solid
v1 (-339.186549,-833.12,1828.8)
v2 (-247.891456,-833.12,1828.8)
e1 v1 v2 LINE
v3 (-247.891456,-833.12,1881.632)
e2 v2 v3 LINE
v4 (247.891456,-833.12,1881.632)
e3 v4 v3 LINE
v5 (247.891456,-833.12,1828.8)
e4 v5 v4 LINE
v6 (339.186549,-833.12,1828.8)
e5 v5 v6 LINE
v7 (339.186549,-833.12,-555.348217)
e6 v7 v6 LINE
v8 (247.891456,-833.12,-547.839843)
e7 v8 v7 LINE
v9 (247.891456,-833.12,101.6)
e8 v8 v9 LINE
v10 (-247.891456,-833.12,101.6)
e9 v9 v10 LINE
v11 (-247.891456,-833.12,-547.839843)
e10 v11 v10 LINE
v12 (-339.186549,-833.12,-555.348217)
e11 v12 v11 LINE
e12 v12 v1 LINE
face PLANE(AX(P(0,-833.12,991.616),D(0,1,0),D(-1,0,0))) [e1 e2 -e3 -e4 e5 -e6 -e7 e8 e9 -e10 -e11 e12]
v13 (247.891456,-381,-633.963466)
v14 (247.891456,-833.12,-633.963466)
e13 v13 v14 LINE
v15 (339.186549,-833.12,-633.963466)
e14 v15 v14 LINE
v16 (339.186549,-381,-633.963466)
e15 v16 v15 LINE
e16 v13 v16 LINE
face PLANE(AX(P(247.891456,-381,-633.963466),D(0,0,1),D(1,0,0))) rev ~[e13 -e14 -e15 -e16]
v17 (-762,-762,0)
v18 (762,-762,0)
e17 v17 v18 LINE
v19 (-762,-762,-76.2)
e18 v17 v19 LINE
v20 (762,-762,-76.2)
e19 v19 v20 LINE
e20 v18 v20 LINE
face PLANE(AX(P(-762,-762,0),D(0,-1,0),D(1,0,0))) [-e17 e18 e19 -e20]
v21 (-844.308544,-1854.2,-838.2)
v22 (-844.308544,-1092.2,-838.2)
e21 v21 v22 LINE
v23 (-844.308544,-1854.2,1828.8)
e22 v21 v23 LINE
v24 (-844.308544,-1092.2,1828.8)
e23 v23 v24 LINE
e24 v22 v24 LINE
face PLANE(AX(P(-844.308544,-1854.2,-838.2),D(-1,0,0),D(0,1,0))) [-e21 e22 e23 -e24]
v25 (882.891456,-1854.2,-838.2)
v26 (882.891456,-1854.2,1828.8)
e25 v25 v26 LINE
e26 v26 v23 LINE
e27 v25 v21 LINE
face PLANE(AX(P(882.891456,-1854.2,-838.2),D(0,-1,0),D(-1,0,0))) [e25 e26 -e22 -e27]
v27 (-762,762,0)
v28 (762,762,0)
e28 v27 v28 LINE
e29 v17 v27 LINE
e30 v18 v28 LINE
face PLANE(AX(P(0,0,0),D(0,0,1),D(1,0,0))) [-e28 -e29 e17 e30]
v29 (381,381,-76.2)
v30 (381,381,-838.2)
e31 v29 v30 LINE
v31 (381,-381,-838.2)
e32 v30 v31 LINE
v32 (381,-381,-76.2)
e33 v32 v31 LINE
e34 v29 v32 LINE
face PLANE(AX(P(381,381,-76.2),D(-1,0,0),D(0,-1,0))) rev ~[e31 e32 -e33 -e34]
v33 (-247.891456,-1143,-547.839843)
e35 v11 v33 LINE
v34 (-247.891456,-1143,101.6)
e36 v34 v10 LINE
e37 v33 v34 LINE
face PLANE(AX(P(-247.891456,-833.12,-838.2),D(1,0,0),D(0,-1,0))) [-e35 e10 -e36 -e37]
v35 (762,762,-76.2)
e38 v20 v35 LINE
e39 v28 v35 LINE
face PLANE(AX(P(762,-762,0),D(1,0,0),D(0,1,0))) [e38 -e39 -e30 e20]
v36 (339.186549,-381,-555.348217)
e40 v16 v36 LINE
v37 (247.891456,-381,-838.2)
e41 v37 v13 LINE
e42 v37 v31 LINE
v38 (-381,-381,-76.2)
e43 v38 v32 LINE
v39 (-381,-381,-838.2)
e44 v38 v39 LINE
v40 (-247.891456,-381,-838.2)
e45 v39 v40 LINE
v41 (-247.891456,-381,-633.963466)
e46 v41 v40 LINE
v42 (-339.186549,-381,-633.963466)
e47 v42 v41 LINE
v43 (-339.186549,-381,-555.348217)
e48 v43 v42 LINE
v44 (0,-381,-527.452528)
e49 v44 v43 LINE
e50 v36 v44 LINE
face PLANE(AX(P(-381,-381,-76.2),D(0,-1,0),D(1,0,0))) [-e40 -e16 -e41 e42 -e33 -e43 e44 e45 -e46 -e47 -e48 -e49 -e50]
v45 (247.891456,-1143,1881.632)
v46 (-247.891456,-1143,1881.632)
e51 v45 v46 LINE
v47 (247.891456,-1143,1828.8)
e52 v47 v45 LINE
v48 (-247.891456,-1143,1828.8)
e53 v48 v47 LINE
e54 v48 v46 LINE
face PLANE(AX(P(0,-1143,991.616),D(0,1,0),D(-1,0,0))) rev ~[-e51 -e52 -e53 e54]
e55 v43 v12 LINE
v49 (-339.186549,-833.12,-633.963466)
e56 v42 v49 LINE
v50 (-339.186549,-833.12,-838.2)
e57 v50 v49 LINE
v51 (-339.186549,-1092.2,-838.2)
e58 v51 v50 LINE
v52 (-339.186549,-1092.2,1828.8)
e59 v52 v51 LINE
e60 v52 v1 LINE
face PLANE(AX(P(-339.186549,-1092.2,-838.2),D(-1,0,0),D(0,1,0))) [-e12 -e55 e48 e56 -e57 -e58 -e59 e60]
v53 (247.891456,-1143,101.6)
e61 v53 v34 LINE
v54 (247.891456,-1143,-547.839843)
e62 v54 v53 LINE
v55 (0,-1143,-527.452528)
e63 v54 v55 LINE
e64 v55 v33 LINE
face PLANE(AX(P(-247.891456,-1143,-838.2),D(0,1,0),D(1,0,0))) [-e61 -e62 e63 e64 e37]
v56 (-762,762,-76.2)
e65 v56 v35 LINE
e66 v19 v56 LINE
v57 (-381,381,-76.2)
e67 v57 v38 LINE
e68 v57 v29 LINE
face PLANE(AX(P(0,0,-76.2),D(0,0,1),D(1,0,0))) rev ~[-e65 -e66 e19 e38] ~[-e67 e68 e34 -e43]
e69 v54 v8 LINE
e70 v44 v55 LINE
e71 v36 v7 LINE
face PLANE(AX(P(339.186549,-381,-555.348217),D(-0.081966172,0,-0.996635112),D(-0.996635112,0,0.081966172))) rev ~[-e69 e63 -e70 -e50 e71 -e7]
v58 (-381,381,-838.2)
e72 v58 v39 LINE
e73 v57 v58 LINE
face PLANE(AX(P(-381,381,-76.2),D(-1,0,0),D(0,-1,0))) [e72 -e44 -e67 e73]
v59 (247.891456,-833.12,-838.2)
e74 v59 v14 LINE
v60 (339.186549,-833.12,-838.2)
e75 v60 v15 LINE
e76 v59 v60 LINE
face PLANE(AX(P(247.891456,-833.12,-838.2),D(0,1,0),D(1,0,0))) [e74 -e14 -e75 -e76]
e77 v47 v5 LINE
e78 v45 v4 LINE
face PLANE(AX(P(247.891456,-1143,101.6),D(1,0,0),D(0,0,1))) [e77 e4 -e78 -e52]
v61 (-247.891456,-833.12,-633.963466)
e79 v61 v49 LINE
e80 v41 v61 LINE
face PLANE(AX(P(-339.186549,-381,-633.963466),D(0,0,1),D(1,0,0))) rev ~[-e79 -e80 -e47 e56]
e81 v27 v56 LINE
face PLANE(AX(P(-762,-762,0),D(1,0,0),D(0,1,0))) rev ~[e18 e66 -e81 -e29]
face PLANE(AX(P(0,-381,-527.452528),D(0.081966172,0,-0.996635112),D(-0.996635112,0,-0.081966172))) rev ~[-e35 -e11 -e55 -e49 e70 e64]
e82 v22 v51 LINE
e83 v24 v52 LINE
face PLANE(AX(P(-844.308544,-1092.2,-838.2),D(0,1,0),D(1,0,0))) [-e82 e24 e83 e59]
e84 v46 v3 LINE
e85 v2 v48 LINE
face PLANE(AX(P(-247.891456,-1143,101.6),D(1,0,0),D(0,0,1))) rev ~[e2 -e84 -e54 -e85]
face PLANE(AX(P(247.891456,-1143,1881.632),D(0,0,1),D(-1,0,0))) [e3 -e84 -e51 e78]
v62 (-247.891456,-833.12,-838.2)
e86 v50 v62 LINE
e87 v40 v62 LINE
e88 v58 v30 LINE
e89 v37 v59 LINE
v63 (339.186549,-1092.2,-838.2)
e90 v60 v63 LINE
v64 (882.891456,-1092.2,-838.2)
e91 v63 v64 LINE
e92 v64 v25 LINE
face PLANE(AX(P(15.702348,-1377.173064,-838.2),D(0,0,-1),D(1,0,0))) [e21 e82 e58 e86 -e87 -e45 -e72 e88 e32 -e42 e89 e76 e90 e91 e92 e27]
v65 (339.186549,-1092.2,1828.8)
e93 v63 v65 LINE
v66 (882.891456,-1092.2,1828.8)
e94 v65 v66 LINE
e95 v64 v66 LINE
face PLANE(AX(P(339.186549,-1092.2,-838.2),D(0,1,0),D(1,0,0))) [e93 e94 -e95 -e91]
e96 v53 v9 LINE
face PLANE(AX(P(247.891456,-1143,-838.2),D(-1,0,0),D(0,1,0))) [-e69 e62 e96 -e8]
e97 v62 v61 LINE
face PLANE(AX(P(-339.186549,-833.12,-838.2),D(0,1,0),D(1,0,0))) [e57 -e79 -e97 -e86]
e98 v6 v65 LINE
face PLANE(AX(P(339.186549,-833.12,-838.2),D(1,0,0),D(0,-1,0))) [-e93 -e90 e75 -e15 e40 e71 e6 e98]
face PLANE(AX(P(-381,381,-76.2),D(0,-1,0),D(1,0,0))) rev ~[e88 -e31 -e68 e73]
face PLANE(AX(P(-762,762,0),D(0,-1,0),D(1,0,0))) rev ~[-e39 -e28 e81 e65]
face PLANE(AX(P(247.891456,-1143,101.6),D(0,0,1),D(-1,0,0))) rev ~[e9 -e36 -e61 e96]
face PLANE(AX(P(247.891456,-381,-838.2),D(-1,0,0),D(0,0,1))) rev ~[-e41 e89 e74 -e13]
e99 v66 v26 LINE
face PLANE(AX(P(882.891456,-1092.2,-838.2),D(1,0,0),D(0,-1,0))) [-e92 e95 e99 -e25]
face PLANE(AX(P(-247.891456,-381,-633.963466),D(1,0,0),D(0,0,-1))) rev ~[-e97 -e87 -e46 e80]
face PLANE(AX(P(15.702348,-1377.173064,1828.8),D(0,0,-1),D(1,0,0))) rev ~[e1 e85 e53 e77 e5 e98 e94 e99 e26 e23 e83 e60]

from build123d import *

# Parameters (mm, degrees)
F0_W     = 1524
F0_H     = 1524
F1_DEPTH = 76.2
F2_W     = 762
F2_H     = 762
F3_DEPTH = 762
F5_DEPTH = 762
F7_DEPTH = 2667
F8_W     = 495.782912
F8_H     = 1780.032
F9_DEPTH = 309.88


with BuildPart() as f1:
    # F0 (on Top) → F1 (new body)
    with BuildSketch(Plane.XY):
        Rectangle(F0_W, F0_H)
    extrude(amount=-F1_DEPTH)

    # F2 (on face) → F3 (join)
    with BuildSketch(Plane(origin=(0, 0, -76.2), x_dir=(1, 0, 0), z_dir=(0, 0, -1))):
        Rectangle(F2_W, F2_H)
    extrude(amount=F3_DEPTH)

    # F4 (on face) → F5 (join)
    with BuildSketch(Plane.XZ.offset(381)):
        Polygon((-247.891456, -633.963466), (-247.891456, -838.2), (247.891456, -838.2), (247.891456, -633.963466), (339.186549, -633.963466), (339.186549, -555.348217), (0, -527.452528), (-339.186549, -555.348217), (-339.186549, -633.963466), align=None)
    extrude(amount=F5_DEPTH)

    # F6 (on face) → F7 (join)
    with BuildSketch(Plane(origin=(0, 0, -838.2), x_dir=(1, 0, 0), z_dir=(0, 0, -1))):
        Polygon((882.891456, 1092.2), (882.891456, 1854.2), (-844.308544, 1854.2), (-844.308544, 1092.2), (-339.186549, 1092.2), (-339.186549, 833.12), (-247.891456, 833.12), (-247.891456, 1143), (247.891456, 1143), (247.891456, 833.12), (339.186549, 833.12), (339.186549, 1092.2), align=None)
    extrude(amount=-F7_DEPTH)

    # F8 (on face) → F9 (join, through all)
    with BuildSketch(Plane(origin=(0, -1143, 0), x_dir=(-1, 0, 0), z_dir=(0, 1, 0))):
        with Locations((0, 991.616)):
            Rectangle(F8_W, F8_H)
    extrude(amount=F9_DEPTH)


solid = f1.part
